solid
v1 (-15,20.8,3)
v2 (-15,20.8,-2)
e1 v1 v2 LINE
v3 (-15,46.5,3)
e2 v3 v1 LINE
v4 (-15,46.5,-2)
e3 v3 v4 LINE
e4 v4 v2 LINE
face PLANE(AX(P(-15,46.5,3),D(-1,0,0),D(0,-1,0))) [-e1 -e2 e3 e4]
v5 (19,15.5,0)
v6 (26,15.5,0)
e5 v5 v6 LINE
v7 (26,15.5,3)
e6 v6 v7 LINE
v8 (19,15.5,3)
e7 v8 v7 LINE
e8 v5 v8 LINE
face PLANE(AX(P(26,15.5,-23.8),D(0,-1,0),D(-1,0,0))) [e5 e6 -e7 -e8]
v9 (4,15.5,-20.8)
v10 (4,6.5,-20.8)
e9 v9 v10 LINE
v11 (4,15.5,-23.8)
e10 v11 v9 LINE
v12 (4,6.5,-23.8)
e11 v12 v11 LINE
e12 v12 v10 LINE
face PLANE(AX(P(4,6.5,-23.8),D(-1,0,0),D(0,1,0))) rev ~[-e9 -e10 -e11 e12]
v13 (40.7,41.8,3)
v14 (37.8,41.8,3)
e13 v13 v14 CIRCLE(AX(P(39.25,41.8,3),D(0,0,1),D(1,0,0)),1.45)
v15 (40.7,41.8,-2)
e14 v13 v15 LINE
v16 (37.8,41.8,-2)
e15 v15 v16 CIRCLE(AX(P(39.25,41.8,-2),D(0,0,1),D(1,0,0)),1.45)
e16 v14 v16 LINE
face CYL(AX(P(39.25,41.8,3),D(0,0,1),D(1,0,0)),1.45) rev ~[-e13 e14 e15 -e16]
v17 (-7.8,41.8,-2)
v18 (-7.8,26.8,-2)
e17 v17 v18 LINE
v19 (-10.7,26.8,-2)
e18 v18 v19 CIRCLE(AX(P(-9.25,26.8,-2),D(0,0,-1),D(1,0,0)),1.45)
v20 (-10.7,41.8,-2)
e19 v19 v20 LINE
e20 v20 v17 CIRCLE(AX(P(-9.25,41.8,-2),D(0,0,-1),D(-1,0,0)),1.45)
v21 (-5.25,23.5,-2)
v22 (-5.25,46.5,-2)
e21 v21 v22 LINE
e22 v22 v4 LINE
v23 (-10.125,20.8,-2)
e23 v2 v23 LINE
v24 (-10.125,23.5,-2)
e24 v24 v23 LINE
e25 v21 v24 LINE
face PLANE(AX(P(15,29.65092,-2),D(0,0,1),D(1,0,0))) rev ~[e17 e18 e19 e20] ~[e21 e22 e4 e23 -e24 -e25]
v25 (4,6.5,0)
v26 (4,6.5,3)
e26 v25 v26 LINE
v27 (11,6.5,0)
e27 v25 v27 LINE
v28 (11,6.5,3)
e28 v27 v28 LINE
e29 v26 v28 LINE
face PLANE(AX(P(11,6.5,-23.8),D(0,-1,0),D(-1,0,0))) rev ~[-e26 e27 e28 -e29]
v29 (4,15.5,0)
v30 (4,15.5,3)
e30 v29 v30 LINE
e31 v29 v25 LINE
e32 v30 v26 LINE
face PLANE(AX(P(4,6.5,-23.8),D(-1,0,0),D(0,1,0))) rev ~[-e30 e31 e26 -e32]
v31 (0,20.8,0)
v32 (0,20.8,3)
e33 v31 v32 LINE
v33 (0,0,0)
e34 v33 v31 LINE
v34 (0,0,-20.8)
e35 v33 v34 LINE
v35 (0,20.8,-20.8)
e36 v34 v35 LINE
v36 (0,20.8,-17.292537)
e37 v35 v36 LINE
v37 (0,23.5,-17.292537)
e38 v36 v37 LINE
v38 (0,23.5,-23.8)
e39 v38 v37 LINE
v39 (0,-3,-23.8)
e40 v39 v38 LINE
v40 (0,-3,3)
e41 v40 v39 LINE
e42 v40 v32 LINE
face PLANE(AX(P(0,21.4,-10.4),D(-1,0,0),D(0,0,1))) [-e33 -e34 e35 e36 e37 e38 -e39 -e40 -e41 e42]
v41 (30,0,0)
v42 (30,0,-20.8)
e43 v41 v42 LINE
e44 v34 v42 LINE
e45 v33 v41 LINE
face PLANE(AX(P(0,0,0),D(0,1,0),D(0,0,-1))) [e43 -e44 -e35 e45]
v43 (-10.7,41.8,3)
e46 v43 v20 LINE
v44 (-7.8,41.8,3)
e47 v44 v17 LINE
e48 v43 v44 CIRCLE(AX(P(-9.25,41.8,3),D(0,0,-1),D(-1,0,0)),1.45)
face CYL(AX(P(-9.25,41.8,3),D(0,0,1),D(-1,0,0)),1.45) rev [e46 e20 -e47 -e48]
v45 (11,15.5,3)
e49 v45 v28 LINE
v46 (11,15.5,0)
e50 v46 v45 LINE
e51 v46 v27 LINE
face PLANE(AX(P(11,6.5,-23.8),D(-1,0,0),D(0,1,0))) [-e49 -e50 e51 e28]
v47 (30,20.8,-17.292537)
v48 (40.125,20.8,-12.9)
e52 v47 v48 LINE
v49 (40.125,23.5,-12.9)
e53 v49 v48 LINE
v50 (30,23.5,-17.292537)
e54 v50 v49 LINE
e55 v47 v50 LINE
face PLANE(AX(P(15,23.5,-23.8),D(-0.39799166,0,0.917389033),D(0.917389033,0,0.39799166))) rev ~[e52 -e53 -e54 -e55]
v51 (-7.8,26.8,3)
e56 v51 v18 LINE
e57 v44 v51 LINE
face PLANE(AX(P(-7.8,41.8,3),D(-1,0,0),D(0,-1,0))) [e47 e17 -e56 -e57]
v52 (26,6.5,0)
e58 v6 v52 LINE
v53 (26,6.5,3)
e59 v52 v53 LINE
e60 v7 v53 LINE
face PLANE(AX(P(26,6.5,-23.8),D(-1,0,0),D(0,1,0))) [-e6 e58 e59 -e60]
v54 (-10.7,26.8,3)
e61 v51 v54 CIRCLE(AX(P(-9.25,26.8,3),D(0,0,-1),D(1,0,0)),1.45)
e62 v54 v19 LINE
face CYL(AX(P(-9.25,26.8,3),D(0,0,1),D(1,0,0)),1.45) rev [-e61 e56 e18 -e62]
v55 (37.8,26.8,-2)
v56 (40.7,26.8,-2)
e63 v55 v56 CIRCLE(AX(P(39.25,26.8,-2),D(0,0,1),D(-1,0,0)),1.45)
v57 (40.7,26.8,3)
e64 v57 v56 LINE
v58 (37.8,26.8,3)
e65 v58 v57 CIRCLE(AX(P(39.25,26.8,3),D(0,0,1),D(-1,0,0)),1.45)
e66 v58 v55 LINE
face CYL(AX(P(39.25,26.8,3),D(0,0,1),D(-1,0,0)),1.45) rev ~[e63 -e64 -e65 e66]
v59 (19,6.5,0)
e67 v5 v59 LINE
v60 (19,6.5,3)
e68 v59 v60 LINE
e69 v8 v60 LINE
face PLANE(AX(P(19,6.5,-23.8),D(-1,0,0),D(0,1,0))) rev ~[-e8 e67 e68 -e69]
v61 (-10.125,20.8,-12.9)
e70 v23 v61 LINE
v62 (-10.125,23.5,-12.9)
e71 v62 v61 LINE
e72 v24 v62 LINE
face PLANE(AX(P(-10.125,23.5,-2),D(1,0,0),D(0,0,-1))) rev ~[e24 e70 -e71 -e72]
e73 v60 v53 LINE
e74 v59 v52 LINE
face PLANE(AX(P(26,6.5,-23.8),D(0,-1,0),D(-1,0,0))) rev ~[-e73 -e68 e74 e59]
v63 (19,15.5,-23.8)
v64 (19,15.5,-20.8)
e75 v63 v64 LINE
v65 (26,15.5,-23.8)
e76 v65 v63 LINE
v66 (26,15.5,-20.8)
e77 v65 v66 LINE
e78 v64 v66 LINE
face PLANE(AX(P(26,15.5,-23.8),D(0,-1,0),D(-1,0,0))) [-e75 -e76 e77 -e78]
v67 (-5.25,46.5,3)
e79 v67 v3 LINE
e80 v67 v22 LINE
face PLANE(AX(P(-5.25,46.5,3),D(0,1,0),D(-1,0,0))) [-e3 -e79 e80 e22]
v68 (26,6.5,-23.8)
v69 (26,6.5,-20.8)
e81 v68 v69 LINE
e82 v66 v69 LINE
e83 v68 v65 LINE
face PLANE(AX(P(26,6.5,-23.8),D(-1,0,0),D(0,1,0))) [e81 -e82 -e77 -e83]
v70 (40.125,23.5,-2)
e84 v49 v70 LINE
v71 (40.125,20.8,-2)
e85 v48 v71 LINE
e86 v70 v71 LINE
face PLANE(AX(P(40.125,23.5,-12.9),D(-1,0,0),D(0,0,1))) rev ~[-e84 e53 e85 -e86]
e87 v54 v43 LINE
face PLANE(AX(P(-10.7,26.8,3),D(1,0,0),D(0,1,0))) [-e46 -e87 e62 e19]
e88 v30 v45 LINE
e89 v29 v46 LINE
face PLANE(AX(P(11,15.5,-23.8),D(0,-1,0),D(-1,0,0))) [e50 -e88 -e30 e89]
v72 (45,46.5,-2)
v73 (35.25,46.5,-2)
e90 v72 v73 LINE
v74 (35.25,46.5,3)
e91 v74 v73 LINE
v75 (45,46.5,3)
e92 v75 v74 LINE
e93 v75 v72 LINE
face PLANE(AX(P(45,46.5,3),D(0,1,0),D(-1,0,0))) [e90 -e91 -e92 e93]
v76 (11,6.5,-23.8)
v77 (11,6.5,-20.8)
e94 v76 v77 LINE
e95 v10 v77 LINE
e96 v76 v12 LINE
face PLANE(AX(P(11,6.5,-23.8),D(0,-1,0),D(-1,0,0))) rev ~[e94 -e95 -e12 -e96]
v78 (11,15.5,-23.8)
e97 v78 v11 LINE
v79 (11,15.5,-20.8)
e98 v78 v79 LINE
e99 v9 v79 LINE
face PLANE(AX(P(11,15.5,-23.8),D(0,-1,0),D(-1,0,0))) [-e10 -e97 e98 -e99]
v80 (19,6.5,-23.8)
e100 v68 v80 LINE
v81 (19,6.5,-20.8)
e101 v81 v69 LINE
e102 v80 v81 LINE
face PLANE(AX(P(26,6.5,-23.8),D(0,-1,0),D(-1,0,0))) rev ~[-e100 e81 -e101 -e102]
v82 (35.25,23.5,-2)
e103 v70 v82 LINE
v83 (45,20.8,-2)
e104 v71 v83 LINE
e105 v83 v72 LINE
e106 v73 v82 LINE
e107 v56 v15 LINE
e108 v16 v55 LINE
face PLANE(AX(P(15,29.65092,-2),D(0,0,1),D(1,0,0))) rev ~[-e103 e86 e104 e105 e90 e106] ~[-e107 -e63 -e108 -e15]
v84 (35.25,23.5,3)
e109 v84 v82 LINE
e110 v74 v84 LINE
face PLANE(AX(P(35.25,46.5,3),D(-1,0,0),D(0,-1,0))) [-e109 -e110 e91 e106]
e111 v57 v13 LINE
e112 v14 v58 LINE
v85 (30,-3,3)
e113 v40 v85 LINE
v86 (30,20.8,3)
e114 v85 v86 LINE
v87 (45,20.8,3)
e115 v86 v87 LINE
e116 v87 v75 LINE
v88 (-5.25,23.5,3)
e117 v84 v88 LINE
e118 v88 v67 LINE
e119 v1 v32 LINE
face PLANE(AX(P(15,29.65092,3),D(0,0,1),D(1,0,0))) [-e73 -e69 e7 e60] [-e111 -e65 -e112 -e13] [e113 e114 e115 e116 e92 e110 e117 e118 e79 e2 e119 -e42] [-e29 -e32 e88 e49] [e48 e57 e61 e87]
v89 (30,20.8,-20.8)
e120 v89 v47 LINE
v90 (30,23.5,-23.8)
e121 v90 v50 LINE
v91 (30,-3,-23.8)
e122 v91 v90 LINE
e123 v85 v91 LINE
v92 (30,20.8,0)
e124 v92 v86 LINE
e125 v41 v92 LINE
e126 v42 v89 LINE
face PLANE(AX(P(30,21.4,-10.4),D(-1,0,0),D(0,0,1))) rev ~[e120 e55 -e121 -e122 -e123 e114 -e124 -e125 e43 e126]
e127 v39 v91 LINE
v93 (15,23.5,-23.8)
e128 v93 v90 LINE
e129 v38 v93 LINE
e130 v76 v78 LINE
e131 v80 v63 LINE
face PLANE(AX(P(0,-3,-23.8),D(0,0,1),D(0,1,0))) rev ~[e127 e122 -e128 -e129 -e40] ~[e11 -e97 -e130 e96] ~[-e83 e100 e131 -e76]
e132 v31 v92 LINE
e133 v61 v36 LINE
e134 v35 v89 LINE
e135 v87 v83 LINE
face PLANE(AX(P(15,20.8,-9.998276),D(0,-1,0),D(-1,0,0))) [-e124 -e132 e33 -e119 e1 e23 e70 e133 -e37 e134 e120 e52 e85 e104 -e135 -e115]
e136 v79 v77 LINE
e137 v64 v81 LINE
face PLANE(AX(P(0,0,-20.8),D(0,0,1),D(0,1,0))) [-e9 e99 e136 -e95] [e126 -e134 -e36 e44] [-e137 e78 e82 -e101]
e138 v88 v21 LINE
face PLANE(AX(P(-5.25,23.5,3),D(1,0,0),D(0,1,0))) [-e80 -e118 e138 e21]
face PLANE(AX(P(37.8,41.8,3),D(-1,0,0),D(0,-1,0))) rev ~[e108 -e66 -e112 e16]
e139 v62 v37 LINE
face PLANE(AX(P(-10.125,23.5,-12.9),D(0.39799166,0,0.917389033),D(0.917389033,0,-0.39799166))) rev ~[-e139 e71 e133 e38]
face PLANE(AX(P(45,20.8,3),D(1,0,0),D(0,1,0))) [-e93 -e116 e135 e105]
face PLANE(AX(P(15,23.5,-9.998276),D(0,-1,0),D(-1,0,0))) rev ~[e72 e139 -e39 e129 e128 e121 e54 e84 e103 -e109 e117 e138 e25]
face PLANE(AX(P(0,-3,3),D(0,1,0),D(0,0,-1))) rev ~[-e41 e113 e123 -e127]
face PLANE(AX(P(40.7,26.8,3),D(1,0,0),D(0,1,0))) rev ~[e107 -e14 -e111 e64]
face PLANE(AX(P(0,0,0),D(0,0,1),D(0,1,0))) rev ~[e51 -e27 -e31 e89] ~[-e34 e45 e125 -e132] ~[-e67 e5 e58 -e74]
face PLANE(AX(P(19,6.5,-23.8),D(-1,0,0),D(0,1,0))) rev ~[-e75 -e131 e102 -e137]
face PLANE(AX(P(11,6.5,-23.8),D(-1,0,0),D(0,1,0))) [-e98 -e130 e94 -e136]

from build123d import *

# Parameters (mm, degrees)
SKETCH_1_W          = 26.8
SKETCH_1_H          = 28
SKETCH_1_W_2        = 20.8
SKETCH_1_H_2        = 22
EXTRUDE_1_DEPTH     = 30
SKETCH_2_W          = 3
SKETCH_2_H          = 5
CUT_EXTRUDE_1_DEPTH = 30
SKETCH_3_W          = 20.8
SKETCH_3_H          = 1.2
EXTRUDE_2_DEPTH     = 30
SKETCH_4_W          = 26.962863122
SKETCH_4_H          = 1.5
CUT_EXTRUDE_2_DEPTH = 30
SKETCH_5_W          = 7
SKETCH_5_H          = 9
SKETCH_5_W_2        = 3
SKETCH_5_H_2        = 5
CUT_EXTRUDE_3_DEPTH = 47.588517899
EXTRUDE_3_DEPTH     = 5
EXTRUDE_4_DEPTH     = 2.7


with BuildPart() as part:
    # 草图1 → 凸台-拉伸1 (new body)
    with BuildSketch(Plane(origin=(0, 0, 0), x_dir=(0, 0, -1), z_dir=(1, 0, 0))):
        with Locations((10.4, 11)):
            Rectangle(SKETCH_1_W, SKETCH_1_H)
        with Locations((10.4, 11)):
            Rectangle(SKETCH_1_W_2, SKETCH_1_H_2, mode=Mode.SUBTRACT)
    extrude(amount=EXTRUDE_1_DEPTH)

    # 草图2 → 切除-拉伸1 (cut)
    with BuildSketch(Plane(origin=(0, 0, -23.8), x_dir=(-1, 0, 0), z_dir=(0, 0, -1))):
        with Locations((-22.5, 11)):
            Rectangle(SKETCH_2_W, SKETCH_2_H)
        with Locations((-7.5, 11)):
            Rectangle(SKETCH_2_W, SKETCH_2_H)
    extrude(amount=-CUT_EXTRUDE_1_DEPTH, mode=Mode.SUBTRACT)

    # 草图3 → 凸台-拉伸2 (add)
    with BuildSketch(Plane.ZY):
        with Locations((-10.4, 21.4)):
            Rectangle(SKETCH_3_W, SKETCH_3_H)
    extrude(amount=-EXTRUDE_2_DEPTH)

    # 草图4 → 切除-拉伸2 (cut)
    with BuildSketch(Plane.ZY):
        with Locations((-10.318568439, 24.25)):
            Rectangle(SKETCH_4_W, SKETCH_4_H)
    extrude(amount=-CUT_EXTRUDE_2_DEPTH, mode=Mode.SUBTRACT)

    # 草图5 → 切除-拉伸3 (cut, through all)
    # profile 1 of 2: a face of its own
    with BuildSketch(Plane(origin=(0, 0, -23.8), x_dir=(-1, 0, 0), z_dir=(0, 0, -1))):
        with Locations((-22.5, 11)):
            Rectangle(SKETCH_5_W, SKETCH_5_H)
        with Locations((-22.5, 11)):
            Rectangle(SKETCH_5_W_2, SKETCH_5_H_2, mode=Mode.SUBTRACT)
    # profile 2 of 2: a face of its own
    with BuildSketch(Plane(origin=(0, 0, -23.8), x_dir=(-1, 0, 0), z_dir=(0, 0, -1))):
        with Locations((-7.5, 11)):
            Rectangle(SKETCH_5_W, SKETCH_5_H)
        with Locations((-7.5, 11)):
            Rectangle(SKETCH_5_W_2, SKETCH_5_H_2, mode=Mode.SUBTRACT)
    extrude(amount=-CUT_EXTRUDE_3_DEPTH, mode=Mode.SUBTRACT)

    # 草图6 → 凸台-拉伸3 (add)
    with BuildSketch(Plane.XY.offset(3)):
        Polygon((45, 20.8), (45, 46.5), (35.25, 46.5), (35.25, 23.5), (-5.25, 23.5), (-5.25, 46.5), (-15, 46.5), (-15, 20.8), align=None)
        with BuildLine():
            Line((-7.8, 41.8), (-7.8, 26.8))
            ThreePointArc((-7.8, 26.8), (-9.25, 25.35), (-10.7, 26.8))
            Line((-10.7, 26.8), (-10.7, 41.8))
            ThreePointArc((-10.7, 41.8), (-9.25, 43.25), (-7.8, 41.8))
        make_face(mode=Mode.SUBTRACT)
        with BuildLine():
            Line((37.8, 41.8), (37.8, 26.8))
            ThreePointArc((37.8, 26.8), (39.25, 25.35), (40.7, 26.8))
            Line((40.7, 26.8), (40.7, 41.8))
            ThreePointArc((40.7, 41.8), (39.25, 43.25), (37.8, 41.8))
        make_face(mode=Mode.SUBTRACT)
    extrude(amount=-EXTRUDE_3_DEPTH)

    # 草图7 → 凸台-拉伸4 (add)
    with BuildSketch(Plane(origin=(0, 23.5, 0), x_dir=(1, 0, 0), z_dir=(0, 1, 0))):
        Polygon((-10.125, 2), (-10.125, 12.9), (15, 23.8), (40.125, 12.9), (40.125, 2), align=None)
    extrude(amount=-EXTRUDE_4_DEPTH)


solid = part.part
